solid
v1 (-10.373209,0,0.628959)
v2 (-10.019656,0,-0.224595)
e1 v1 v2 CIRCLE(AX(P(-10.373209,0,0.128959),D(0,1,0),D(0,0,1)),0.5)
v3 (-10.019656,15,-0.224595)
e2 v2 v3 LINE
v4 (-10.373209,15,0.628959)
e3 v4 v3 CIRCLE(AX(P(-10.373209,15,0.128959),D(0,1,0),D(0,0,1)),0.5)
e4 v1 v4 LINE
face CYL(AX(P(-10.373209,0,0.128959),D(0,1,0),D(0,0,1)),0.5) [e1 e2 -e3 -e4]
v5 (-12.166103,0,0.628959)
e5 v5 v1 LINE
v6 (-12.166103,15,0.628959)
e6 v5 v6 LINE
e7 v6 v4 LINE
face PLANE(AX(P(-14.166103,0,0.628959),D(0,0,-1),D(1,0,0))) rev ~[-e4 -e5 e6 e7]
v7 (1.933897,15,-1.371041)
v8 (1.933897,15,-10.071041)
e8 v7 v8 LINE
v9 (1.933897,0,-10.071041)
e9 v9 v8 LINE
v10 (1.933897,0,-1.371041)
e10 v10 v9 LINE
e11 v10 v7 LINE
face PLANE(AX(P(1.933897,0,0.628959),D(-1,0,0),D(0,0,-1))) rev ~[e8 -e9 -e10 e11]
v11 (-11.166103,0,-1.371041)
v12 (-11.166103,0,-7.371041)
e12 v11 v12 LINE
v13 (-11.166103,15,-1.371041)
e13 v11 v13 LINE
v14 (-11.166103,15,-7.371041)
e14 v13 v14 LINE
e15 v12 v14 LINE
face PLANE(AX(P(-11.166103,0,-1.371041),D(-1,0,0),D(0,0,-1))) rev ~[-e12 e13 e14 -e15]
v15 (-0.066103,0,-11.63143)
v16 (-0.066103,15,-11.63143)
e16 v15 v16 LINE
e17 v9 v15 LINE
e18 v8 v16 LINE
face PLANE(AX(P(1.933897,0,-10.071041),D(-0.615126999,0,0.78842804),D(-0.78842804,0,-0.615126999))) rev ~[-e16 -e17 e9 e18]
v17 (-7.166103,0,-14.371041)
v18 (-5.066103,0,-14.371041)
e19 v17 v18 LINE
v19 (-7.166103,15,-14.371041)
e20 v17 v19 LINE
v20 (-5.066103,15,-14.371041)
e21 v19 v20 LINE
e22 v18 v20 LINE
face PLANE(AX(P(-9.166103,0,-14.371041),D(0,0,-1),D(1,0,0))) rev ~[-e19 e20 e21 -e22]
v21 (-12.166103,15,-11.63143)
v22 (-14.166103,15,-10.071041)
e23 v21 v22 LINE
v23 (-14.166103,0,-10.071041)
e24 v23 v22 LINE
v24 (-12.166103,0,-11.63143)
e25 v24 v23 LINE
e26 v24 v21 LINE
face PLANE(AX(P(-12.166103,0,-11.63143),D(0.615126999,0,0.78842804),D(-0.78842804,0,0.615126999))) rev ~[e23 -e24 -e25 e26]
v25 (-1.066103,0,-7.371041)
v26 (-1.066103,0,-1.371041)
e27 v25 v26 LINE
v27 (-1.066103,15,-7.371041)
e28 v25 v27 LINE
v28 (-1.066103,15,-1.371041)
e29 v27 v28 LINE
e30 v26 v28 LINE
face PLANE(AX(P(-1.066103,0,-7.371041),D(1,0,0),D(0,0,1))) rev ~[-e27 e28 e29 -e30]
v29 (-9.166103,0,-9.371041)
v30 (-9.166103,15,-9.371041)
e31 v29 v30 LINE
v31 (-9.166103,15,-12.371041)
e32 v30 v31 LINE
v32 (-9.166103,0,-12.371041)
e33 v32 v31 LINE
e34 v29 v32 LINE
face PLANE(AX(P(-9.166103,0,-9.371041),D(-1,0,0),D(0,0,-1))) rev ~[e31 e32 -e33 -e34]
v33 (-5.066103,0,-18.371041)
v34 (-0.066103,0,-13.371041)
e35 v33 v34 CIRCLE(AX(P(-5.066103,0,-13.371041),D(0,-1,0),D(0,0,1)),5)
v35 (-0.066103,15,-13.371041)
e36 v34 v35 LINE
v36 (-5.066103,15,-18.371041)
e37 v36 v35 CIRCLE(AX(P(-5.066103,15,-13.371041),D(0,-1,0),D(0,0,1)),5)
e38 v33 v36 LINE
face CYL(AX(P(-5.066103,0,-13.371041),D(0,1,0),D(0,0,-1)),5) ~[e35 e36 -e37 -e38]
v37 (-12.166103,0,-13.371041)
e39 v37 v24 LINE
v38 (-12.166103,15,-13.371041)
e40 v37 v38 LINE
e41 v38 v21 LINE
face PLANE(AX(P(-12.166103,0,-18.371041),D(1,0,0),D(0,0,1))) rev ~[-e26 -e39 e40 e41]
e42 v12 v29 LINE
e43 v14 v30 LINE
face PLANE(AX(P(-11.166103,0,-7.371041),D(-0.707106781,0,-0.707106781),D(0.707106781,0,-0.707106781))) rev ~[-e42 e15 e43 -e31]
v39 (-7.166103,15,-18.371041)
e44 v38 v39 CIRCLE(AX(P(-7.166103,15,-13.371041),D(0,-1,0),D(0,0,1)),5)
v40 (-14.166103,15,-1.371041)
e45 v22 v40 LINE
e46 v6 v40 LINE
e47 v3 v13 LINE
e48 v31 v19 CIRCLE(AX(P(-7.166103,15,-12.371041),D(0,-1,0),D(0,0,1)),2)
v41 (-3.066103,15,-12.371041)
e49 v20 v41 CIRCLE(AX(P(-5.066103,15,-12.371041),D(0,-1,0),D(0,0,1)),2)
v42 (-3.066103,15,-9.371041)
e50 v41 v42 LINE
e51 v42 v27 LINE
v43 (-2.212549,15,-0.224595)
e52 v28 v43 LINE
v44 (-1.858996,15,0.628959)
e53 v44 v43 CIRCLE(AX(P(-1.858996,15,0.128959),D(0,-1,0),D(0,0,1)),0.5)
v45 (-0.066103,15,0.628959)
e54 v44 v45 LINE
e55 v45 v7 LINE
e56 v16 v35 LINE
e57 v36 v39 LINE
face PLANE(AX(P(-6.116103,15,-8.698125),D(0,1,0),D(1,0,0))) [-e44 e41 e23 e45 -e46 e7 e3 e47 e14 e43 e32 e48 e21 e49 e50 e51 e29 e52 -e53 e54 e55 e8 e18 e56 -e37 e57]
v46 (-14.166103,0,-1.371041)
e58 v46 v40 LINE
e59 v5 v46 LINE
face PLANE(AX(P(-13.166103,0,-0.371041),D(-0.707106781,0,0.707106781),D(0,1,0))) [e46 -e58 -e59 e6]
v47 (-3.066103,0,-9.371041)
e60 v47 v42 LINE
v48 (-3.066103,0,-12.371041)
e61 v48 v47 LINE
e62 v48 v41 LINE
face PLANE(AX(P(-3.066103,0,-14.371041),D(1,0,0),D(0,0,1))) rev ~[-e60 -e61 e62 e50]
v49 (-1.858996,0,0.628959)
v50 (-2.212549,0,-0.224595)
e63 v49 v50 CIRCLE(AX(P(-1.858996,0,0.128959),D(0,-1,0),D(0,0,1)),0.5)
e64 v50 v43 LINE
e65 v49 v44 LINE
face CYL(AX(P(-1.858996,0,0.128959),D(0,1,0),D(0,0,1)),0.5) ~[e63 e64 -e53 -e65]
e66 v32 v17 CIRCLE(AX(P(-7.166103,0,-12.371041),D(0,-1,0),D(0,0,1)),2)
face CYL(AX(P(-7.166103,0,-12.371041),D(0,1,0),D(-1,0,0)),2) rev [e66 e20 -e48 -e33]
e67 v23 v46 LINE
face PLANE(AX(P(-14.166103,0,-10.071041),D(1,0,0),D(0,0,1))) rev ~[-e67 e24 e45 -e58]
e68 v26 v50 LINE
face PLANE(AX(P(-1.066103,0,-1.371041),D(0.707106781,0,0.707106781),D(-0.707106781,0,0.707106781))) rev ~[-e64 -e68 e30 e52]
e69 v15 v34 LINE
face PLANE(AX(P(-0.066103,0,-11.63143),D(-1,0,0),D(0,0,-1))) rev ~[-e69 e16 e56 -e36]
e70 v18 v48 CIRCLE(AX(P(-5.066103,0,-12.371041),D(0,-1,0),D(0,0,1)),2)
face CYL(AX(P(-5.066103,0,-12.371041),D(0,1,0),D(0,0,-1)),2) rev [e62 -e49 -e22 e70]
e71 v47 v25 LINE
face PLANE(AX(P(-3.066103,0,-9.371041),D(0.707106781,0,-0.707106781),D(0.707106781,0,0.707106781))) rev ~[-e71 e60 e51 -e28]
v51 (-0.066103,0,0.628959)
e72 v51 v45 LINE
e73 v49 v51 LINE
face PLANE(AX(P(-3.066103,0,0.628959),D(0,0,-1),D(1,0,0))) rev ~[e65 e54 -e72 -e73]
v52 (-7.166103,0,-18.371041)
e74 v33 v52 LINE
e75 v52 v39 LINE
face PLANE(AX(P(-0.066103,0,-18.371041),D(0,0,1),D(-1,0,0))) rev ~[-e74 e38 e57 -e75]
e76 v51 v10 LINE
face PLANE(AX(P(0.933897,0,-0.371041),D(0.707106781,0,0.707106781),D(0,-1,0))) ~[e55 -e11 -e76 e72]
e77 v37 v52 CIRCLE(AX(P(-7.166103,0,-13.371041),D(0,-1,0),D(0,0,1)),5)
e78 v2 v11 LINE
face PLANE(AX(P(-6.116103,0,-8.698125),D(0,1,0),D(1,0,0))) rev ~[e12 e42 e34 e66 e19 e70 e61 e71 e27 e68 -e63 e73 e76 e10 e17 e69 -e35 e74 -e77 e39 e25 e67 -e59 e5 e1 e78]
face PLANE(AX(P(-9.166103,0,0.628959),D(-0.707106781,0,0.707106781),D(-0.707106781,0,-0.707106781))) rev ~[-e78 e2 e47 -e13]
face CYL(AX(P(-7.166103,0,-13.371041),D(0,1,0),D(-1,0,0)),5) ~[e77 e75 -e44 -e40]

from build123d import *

# Parameters (mm, degrees)
BOSS_EXTRUDE1_DEPTH = 15
CHAMFER1_SIZE       = 2
FILLET1_R           = 2
FILLET3_R           = 5
FILLET4_R           = 0.5


with BuildPart() as part:
    # Sketch2 → Boss-Extrude1 (new body)
    with BuildSketch(Plane(origin=(0, 0, 0), x_dir=(1, 0, 0), z_dir=(0, 1, 0))):
        Polygon((-14.166102689, -0.628958771), (-9.166102689, -0.628958771), (-11.166102689, 1.371041229), (-11.166102689, 7.371041229), (-9.166102689, 9.371041229), (-9.166102689, 14.371041229), (-3.066102689, 14.371041229), (-3.066102689, 9.371041229), (-1.066102689, 7.371041229), (-1.066102689, 1.371041229), (-3.066102689, -0.628958771), (1.933897311, -0.628958771), (1.933897311, 10.071041229), (-0.066102689, 11.631429668), (-0.066102689, 18.371041229), (-12.166102689, 18.371041229), (-12.166102689, 11.631429668), (-14.166102689, 10.071041229), align=None)
    extrude(amount=BOSS_EXTRUDE1_DEPTH)

    # Chamfer1
    chamfer1_edges = [part.edges().sort_by_distance(p)[0] for p in [
        (-14.166102689, 7.5, 0.628958771),
        (1.933897311, 7.5, 0.628958771),
    ]]
    chamfer(chamfer1_edges, length=CHAMFER1_SIZE)

    # Fillet1
    fillet1_edges = [part.edges().sort_by_distance(p)[0] for p in [
        (-3.066102689, 7.5, -14.371041229),
        (-9.166102689, 7.5, -14.371041229),
    ]]
    fillet(fillet1_edges, radius=FILLET1_R)

    # Fillet3
    fillet3_edges = [part.edges().sort_by_distance(p)[0] for p in [
        (-12.166102689, 7.5, -18.371041229),
        (-0.066102689, 7.5, -18.371041229),
    ]]
    fillet(fillet3_edges, radius=FILLET3_R)

    # Fillet4
    fillet4_edges = [part.edges().sort_by_distance(p)[0] for p in [
        (-9.166102689, 7.5, 0.628958771),
        (-3.066102689, 7.5, 0.628958771),
    ]]
    fillet(fillet4_edges, radius=FILLET4_R)


solid = part.part
